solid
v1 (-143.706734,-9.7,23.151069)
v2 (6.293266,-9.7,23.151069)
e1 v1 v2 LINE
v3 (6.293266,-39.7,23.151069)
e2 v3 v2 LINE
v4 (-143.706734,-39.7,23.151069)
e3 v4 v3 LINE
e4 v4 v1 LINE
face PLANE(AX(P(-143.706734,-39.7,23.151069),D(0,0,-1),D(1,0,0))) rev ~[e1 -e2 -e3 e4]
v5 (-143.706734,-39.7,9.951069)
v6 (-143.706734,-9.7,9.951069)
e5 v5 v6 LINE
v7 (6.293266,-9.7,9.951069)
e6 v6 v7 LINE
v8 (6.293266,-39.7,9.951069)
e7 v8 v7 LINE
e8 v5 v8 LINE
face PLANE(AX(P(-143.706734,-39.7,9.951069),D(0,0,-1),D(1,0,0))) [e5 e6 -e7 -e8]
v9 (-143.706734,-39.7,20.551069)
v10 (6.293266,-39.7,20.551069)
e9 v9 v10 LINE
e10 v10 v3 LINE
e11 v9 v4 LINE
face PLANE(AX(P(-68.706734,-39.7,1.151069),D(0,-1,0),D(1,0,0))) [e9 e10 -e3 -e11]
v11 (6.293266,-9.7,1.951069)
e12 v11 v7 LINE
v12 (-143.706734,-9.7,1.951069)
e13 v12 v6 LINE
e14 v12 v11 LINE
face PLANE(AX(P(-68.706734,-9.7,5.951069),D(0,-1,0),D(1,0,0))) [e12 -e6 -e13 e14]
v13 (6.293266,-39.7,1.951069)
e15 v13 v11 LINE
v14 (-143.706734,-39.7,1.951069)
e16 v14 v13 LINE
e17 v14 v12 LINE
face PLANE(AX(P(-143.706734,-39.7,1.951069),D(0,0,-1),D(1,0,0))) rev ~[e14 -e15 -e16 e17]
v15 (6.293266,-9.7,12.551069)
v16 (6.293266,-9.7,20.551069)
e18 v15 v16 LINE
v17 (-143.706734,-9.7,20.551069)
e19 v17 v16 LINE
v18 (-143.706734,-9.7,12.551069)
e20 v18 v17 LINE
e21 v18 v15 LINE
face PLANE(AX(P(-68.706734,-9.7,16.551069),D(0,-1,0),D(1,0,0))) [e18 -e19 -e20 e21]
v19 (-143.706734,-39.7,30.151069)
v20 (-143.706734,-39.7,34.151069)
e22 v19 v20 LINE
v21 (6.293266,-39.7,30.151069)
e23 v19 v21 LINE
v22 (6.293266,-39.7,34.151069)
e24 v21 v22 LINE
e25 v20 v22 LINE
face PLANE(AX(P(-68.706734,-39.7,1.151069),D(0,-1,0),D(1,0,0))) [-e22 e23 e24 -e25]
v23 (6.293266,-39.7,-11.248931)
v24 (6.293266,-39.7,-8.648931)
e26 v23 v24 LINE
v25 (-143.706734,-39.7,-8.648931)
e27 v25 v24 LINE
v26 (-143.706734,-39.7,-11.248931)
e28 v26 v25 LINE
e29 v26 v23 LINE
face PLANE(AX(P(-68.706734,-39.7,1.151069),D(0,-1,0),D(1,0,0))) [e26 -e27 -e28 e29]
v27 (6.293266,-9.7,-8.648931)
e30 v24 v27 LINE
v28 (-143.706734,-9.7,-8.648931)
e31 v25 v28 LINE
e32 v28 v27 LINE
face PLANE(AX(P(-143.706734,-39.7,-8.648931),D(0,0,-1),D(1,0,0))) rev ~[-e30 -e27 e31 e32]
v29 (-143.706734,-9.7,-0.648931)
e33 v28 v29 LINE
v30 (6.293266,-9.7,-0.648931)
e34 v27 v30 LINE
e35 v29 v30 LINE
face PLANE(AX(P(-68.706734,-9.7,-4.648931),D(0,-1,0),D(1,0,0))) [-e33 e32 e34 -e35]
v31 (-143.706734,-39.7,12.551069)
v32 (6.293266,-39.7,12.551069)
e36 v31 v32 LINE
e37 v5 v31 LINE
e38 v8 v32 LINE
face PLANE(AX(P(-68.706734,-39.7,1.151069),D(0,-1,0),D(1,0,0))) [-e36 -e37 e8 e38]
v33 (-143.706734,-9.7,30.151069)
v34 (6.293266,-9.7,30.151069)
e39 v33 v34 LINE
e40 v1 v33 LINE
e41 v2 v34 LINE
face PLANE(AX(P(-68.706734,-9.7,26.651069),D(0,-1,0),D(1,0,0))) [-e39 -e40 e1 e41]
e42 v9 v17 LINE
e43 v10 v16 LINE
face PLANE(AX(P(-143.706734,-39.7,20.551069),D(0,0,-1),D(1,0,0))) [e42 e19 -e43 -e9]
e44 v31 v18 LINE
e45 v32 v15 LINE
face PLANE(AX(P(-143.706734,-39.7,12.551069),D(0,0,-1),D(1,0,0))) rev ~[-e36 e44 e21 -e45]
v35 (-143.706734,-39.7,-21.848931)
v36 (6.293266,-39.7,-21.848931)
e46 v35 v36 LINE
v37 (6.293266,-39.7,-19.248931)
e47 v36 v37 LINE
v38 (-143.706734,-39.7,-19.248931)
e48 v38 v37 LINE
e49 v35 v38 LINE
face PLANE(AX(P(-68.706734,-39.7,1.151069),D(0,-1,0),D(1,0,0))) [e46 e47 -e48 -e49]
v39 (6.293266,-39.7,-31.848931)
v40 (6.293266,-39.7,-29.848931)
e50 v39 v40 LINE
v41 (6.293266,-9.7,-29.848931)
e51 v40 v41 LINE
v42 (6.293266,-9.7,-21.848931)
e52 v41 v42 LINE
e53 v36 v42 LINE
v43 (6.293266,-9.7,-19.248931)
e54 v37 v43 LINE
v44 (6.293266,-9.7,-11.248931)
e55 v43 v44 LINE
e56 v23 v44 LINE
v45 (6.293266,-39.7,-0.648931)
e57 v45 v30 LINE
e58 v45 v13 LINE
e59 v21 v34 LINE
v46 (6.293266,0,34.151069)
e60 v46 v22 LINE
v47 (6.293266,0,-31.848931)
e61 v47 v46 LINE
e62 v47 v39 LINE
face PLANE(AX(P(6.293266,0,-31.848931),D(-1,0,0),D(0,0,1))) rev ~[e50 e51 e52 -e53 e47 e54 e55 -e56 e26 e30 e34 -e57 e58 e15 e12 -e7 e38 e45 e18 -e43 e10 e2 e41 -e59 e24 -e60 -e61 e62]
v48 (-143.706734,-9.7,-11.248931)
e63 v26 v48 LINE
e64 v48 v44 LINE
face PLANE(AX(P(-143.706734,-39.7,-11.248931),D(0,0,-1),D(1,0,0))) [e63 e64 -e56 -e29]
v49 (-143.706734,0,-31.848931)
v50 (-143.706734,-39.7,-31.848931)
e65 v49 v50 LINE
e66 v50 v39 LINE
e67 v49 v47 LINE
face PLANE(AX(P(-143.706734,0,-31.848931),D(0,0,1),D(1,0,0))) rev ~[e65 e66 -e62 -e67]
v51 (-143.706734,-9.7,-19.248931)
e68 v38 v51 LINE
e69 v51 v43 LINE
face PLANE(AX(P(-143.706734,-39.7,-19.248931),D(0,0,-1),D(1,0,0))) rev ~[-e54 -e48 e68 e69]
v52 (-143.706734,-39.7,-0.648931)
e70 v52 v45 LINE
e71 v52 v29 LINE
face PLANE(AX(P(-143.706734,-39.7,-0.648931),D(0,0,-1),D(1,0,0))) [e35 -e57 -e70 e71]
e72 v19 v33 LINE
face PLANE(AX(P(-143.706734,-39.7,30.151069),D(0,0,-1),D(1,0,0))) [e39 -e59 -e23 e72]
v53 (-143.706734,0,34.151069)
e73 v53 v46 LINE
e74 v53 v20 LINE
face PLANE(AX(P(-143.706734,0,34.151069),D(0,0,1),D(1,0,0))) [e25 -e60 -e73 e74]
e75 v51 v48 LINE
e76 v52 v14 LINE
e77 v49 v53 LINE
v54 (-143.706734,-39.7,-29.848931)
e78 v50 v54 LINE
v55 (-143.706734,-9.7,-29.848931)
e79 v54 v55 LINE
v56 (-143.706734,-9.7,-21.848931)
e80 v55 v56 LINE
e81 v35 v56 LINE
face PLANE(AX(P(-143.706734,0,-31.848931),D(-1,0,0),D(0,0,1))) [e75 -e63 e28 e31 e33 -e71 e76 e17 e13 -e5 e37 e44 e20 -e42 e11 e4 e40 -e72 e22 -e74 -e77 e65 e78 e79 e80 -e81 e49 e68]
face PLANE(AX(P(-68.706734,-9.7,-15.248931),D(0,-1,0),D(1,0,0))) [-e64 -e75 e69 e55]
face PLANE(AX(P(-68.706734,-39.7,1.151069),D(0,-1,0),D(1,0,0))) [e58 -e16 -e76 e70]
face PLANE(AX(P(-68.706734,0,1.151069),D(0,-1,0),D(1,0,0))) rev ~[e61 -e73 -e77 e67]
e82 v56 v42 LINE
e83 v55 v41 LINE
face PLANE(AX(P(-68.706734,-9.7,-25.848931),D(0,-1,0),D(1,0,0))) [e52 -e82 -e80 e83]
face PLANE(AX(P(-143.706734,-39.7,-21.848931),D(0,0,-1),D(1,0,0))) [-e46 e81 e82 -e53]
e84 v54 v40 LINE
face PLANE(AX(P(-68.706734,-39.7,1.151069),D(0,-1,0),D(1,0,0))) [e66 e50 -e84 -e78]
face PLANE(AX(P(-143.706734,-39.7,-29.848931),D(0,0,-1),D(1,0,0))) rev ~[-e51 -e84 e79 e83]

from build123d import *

# Parameters (mm, degrees)
F0_W     = 150
F0_H     = 66
F1_DEPTH = 39.7
F2_W     = 150
F2_H     = 7
F3_DEPTH = 30
F2_H_2   = 8
F4_DEPTH = 30
F5_DEPTH = 30
F6_DEPTH = 30
F7_DEPTH = 30
F8_DEPTH = 30


with BuildPart() as f1:
    # F0 (on Front) → F1 (new body)
    with BuildSketch(Plane.XZ):
        with Locations((-68.706734, 1.151069)):
            Rectangle(F0_W, F0_H)
    extrude(amount=F1_DEPTH)

    # F2 (on face) → F3 (cut)
    with BuildSketch(Plane.XZ.offset(39.7)):
        with Locations((-68.706734, 26.651069)):
            Rectangle(F2_W, F2_H)
    extrude(amount=-F3_DEPTH, mode=Mode.SUBTRACT)

    # F2 (on face) → F4 (cut)
    with BuildSketch(Plane.XZ.offset(39.7)):
        with Locations((-68.706734, 16.551069)):
            Rectangle(F2_W, F2_H_2)
    extrude(amount=-F4_DEPTH, mode=Mode.SUBTRACT)

    # F2 (on face) → F5 (cut)
    with BuildSketch(Plane.XZ.offset(39.7)):
        with Locations((-68.706734, 5.951069)):
            Rectangle(F2_W, F2_H_2)
    extrude(amount=-F5_DEPTH, mode=Mode.SUBTRACT)

    # F2 (on face) → F6 (cut)
    with BuildSketch(Plane.XZ.offset(39.7)):
        with Locations((-68.706734, -4.648931)):
            Rectangle(F2_W, F2_H_2)
    extrude(amount=-F6_DEPTH, mode=Mode.SUBTRACT)

    # F2 (on face) → F7 (cut)
    with BuildSketch(Plane.XZ.offset(39.7)):
        with Locations((-68.706734, -15.248931)):
            Rectangle(F2_W, F2_H_2)
    extrude(amount=-F7_DEPTH, mode=Mode.SUBTRACT)

    # F2 (on face) → F8 (cut)
    with BuildSketch(Plane.XZ.offset(39.7)):
        with Locations((-68.706734, -25.848931)):
            Rectangle(F2_W, F2_H_2)
    extrude(amount=-F8_DEPTH, mode=Mode.SUBTRACT)


solid = f1.part
